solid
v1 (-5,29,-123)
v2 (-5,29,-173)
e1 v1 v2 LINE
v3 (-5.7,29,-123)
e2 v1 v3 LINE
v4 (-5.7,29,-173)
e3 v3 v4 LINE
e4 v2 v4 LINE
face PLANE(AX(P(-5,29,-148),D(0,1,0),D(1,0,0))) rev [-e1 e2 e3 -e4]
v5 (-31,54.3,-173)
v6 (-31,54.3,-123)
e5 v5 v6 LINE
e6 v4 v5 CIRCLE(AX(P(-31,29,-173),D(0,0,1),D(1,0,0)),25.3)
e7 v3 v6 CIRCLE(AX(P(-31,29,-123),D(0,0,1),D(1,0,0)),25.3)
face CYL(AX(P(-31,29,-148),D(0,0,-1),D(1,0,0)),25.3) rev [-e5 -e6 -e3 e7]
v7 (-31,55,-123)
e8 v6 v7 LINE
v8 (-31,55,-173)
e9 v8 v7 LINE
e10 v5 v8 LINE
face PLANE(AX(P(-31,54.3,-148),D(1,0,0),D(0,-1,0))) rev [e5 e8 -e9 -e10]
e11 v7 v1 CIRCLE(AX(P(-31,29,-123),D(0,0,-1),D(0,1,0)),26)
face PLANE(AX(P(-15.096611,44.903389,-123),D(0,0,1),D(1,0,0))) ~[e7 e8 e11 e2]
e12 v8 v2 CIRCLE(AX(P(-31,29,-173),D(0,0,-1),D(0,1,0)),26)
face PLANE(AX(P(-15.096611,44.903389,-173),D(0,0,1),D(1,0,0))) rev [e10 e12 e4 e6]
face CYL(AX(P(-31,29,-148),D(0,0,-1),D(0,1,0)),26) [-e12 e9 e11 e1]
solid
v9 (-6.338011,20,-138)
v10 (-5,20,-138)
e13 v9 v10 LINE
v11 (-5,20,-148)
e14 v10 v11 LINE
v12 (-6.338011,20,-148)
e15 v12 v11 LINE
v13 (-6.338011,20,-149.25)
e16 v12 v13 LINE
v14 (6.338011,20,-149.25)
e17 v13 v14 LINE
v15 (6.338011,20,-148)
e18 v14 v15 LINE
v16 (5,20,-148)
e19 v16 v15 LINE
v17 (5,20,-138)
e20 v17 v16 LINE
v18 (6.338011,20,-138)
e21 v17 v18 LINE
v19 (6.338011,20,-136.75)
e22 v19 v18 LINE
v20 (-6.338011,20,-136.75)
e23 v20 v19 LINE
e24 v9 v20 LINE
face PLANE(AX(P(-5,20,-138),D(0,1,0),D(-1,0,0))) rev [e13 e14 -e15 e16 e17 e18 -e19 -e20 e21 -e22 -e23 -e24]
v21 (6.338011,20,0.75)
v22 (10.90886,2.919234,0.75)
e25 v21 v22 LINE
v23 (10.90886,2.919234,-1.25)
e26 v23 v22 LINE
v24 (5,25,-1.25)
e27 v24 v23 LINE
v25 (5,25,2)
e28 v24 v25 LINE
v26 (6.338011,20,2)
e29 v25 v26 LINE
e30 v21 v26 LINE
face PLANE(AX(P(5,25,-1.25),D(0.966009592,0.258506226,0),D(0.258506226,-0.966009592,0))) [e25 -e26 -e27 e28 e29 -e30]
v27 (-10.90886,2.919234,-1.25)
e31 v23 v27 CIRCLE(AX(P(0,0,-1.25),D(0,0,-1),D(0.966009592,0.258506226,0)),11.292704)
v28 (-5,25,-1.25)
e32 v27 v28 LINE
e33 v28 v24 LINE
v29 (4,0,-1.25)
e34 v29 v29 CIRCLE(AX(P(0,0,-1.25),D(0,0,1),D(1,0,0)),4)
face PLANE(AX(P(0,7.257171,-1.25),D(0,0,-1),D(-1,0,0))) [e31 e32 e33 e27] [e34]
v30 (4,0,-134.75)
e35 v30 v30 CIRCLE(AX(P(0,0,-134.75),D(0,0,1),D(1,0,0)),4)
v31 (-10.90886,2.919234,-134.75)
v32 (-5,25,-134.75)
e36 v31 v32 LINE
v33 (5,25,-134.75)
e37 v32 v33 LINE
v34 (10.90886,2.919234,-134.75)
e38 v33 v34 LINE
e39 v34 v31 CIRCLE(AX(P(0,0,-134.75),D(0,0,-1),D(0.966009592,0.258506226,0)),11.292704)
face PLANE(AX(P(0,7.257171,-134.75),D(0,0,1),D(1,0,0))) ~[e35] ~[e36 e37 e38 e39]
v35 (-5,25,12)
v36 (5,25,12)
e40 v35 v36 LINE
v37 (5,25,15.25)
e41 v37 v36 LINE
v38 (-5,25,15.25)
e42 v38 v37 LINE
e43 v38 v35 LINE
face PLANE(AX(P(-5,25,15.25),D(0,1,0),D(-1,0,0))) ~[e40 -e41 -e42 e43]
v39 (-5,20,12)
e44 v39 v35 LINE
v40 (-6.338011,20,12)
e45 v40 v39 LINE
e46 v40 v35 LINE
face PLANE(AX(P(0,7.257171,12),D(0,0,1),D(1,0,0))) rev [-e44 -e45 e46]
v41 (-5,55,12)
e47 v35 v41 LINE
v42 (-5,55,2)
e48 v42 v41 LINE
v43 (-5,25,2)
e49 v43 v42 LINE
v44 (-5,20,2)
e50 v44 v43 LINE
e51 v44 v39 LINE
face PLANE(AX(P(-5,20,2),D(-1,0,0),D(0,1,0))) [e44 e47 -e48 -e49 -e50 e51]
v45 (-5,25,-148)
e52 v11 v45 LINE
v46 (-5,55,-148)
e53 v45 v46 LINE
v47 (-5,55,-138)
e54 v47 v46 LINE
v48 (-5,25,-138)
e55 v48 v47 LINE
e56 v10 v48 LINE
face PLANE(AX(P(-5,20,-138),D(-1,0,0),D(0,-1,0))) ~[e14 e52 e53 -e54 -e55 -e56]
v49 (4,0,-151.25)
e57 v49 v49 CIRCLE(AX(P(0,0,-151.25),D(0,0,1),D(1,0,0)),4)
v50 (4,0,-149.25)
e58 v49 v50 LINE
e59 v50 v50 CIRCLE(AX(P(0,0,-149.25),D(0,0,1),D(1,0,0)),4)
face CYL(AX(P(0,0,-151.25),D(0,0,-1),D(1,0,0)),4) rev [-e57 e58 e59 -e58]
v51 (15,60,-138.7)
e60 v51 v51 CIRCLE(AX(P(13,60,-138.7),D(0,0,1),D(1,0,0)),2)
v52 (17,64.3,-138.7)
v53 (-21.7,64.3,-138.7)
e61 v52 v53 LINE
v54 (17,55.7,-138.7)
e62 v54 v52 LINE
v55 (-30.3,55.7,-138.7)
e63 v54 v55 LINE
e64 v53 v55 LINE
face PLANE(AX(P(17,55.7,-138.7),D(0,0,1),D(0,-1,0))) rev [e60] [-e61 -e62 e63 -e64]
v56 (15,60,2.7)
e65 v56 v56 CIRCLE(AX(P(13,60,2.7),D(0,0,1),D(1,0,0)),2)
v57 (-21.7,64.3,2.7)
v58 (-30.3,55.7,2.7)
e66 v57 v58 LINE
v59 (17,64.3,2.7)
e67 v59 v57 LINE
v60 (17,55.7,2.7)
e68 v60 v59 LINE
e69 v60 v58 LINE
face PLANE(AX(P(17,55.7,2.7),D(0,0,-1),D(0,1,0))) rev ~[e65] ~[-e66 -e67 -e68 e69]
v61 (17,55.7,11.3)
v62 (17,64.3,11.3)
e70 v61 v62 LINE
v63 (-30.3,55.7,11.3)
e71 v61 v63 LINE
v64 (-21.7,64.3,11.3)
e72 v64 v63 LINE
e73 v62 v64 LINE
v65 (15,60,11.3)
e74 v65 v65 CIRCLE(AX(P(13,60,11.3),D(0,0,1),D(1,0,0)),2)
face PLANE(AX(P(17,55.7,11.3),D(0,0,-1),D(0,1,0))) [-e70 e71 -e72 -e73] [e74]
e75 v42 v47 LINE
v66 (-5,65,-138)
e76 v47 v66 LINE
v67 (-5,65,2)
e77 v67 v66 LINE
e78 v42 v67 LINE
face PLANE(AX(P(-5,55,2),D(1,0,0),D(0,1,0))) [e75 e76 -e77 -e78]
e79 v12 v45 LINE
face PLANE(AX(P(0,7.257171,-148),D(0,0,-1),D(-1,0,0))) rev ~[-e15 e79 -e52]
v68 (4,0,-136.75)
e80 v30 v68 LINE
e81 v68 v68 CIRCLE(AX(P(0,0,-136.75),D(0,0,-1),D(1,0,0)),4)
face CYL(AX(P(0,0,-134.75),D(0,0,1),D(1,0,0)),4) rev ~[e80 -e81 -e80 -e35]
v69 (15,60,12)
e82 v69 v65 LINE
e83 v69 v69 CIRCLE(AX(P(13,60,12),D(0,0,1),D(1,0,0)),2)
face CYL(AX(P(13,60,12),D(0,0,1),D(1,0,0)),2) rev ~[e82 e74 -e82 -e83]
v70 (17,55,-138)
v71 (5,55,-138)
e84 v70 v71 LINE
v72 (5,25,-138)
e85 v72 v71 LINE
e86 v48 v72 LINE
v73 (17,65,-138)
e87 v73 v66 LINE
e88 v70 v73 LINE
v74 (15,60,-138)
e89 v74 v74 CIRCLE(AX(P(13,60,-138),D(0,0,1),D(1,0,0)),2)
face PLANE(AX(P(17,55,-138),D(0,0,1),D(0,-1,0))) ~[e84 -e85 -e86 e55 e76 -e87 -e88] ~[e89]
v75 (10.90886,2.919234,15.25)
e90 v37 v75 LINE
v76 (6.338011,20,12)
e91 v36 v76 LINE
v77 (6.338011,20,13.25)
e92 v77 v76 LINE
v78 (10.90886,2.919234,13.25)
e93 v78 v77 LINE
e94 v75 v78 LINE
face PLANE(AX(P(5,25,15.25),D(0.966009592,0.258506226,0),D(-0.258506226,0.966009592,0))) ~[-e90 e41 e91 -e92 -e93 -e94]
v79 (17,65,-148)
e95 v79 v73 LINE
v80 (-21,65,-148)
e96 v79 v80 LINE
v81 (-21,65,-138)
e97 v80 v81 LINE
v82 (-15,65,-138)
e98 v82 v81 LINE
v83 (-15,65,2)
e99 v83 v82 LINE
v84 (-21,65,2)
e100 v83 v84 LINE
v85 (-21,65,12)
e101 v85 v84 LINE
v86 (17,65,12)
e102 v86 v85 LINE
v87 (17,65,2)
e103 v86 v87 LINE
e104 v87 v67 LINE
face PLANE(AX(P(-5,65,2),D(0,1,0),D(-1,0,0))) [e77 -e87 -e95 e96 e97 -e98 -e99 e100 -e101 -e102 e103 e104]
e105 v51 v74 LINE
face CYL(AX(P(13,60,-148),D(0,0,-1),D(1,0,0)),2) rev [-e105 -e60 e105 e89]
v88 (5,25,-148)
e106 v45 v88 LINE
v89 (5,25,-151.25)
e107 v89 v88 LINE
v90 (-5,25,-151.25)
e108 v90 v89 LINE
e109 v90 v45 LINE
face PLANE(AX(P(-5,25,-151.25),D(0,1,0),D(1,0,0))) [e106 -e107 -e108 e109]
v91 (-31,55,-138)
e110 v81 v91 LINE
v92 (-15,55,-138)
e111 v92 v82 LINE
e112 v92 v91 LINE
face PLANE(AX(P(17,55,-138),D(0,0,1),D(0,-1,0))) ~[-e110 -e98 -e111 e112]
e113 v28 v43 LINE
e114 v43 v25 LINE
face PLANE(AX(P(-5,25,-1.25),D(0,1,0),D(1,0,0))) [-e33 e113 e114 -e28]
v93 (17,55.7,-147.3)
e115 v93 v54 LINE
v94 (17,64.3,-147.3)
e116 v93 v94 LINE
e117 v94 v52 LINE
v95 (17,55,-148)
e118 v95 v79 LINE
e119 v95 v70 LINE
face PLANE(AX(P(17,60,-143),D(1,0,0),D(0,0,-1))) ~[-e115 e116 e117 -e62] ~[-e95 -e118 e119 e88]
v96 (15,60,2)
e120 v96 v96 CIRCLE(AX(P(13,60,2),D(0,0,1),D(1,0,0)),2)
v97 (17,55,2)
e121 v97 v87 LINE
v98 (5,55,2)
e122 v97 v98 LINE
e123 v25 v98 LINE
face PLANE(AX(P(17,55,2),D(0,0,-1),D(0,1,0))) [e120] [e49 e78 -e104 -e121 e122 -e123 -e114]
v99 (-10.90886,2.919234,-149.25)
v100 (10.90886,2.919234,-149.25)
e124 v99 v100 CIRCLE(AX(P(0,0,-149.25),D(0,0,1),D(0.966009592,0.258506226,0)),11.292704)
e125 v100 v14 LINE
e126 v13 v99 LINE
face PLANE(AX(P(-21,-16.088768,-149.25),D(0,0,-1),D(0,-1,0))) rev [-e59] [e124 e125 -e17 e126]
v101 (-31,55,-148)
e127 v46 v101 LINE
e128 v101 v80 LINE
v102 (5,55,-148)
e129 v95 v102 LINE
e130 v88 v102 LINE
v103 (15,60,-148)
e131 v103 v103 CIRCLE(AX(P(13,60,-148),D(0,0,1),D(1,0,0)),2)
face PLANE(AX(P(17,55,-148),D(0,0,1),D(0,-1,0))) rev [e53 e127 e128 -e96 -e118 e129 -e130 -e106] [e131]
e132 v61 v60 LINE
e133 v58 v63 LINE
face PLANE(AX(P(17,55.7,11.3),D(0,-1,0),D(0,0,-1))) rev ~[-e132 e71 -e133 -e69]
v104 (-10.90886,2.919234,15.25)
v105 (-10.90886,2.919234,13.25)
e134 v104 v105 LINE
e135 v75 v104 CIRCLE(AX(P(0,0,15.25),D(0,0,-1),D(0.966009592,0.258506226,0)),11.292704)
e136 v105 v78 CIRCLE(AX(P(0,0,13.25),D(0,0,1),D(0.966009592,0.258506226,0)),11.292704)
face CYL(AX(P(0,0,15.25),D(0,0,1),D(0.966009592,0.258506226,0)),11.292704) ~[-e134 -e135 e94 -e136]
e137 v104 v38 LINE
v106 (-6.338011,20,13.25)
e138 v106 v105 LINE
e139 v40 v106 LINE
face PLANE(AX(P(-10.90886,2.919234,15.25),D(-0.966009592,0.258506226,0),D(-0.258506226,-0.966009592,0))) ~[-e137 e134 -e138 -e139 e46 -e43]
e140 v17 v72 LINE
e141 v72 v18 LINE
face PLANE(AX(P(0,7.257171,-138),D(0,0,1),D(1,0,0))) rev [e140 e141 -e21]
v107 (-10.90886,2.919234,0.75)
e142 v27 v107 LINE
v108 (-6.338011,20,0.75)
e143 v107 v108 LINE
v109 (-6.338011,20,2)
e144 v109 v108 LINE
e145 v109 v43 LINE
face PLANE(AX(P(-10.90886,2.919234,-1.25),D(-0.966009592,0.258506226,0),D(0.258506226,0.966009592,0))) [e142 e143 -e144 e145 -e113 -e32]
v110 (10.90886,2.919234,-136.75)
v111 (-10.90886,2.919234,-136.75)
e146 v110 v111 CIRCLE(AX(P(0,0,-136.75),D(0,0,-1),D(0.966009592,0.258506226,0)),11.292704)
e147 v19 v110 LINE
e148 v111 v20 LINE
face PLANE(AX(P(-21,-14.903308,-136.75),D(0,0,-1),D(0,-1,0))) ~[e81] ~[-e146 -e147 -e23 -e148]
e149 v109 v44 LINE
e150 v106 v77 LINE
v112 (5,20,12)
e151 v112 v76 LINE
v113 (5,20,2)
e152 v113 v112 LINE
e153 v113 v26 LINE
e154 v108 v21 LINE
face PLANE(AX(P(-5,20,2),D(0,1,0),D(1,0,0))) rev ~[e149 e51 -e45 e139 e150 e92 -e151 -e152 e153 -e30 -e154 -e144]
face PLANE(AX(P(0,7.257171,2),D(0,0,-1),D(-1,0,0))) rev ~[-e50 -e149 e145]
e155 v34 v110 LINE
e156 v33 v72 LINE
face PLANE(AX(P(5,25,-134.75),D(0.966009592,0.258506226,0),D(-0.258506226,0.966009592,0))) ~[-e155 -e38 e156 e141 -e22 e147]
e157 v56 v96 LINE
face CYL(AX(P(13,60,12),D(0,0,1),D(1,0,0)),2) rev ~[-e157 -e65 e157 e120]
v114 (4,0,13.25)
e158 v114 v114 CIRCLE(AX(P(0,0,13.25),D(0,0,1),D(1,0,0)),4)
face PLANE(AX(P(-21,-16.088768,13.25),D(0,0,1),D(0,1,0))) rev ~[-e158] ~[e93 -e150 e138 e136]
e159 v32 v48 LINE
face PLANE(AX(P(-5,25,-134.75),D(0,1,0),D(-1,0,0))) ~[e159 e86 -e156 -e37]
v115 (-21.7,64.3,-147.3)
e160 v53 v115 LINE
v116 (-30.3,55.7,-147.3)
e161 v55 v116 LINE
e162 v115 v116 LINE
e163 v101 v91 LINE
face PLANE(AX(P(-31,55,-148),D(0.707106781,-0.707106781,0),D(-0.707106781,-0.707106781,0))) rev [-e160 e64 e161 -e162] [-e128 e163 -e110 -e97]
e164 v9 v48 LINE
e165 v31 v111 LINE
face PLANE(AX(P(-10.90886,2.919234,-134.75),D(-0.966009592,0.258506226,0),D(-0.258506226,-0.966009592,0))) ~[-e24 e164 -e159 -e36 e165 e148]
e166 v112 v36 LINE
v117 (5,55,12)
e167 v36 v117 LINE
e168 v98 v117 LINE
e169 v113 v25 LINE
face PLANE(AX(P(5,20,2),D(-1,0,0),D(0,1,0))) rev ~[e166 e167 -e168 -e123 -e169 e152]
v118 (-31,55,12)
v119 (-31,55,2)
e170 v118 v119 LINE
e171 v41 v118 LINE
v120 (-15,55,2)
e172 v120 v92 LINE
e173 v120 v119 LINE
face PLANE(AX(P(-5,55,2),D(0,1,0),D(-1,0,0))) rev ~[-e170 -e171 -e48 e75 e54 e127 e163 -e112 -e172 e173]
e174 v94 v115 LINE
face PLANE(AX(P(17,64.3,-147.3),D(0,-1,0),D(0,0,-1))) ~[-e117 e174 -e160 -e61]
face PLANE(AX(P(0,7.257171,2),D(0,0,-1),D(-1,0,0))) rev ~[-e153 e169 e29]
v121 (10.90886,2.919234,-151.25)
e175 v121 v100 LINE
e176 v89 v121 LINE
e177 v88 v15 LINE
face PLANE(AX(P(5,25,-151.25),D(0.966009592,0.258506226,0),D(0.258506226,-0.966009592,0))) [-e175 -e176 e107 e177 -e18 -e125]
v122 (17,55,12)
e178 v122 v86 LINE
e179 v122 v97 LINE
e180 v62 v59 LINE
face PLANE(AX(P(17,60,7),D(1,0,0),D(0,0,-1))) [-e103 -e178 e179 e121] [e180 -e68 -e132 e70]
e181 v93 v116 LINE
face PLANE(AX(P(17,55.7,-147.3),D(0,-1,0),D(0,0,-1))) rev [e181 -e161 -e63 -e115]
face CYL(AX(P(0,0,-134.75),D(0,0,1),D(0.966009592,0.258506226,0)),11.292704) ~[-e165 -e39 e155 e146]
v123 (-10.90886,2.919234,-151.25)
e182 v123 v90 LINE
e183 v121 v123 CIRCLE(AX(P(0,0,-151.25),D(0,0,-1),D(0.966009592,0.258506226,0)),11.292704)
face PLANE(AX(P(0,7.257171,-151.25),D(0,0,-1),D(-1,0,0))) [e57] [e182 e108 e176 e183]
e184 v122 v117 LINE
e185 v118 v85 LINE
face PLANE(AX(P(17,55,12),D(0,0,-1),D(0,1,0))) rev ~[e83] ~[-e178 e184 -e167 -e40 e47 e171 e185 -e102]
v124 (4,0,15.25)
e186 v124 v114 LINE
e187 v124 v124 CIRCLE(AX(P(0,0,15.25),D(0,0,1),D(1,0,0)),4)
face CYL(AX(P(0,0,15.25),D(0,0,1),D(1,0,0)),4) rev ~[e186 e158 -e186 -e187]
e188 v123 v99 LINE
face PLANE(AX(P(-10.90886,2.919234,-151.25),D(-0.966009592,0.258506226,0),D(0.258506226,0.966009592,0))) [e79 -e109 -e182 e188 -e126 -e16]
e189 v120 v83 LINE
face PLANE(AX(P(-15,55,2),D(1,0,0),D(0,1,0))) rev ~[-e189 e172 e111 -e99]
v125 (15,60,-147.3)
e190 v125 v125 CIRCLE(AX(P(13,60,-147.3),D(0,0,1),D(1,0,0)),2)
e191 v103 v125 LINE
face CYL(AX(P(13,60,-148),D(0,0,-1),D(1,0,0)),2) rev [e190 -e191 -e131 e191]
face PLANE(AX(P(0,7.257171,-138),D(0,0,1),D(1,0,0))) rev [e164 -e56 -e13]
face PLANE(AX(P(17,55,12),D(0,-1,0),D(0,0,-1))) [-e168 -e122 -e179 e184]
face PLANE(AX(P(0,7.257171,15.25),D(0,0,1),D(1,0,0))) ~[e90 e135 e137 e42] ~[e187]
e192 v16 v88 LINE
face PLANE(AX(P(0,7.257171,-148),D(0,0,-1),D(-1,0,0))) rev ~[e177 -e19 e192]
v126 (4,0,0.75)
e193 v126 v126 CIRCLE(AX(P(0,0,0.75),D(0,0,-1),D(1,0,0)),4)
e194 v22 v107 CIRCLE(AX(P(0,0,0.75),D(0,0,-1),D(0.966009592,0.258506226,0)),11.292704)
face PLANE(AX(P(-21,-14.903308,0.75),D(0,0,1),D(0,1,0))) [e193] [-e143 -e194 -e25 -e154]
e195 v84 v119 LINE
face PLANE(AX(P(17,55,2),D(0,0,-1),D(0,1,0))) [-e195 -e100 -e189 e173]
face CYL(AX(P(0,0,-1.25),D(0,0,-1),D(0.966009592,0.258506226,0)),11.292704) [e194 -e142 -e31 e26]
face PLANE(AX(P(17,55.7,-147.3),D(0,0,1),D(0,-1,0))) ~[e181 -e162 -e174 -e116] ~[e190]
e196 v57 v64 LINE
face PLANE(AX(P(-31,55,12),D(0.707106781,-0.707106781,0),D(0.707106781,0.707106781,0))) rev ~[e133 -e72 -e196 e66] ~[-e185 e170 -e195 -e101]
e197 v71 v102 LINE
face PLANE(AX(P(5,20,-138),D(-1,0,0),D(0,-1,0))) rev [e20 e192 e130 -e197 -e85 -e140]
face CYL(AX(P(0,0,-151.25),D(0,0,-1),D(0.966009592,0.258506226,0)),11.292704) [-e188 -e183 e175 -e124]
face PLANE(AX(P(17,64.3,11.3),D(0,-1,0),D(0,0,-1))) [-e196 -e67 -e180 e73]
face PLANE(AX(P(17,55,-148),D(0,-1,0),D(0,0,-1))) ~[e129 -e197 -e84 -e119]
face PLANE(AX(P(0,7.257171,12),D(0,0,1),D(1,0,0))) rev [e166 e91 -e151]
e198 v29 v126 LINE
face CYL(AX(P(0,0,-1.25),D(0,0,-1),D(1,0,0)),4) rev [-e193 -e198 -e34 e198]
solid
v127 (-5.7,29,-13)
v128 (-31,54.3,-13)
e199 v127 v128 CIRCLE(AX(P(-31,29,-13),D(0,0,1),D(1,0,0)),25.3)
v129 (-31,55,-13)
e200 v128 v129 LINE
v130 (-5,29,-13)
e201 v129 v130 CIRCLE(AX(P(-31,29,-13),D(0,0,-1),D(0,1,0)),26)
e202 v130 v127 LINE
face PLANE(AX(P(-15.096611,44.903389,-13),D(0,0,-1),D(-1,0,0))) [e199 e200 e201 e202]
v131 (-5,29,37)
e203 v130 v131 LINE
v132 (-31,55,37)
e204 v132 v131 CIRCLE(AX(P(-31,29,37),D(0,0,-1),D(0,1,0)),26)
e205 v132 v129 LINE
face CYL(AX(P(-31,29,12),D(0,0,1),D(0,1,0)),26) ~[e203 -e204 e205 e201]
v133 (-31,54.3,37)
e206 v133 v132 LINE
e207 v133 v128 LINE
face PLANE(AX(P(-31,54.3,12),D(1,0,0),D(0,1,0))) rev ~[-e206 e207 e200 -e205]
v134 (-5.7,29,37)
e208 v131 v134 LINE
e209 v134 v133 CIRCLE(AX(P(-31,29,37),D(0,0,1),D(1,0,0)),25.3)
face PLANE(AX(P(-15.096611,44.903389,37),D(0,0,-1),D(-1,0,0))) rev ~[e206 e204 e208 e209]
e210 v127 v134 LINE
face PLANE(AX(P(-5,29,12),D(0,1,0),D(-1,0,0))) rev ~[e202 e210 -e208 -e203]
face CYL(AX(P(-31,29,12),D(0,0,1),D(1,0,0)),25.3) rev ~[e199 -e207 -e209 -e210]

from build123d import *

# Parameters (mm, degrees)
BOSS_EXTRUDE1_DEPTH      = 2
BOSS_EXTRUDE1_DEPTH_BACK = 1.25
SKETCH1_R                = 4
SKETCH2_W                = 10
SKETCH2_H                = 35
BOSS_EXTRUDE2_DEPTH      = 10
SKETCH4_W                = 10
SKETCH4_H                = 10
SKETCH4_W_2              = 8.6
SKETCH4_H_2              = 8.6
BOSS_EXTRUDE3_DEPTH      = 48
SKETCH5_R                = 2
CUT_EXTRUDE1_DEPTH       = 50
BOSS_EXTRUDE4_DEPTH      = 25
CUT_EXTRUDE2_DEPTH       = 50
CUT_EXTRUDE3_DEPTH       = 31
CUT_EXTRUDE3_DEPTH_BACK  = 26
SKETCH14_W               = 1.25
SKETCH14_H               = 34.903307858
SKETCH14_H_2             = 36.088768165
SKETCH15_W               = 10
SKETCH15_H               = 10
BOSS_EXTRUDE7_DEPTH      = 140


with BuildPart() as part:
    # Sketch1 → Boss-Extrude1 (new, two sides: drawn at the far end of the back side and taken through both)
    with BuildSketch(Plane.XY.offset(-BOSS_EXTRUDE1_DEPTH_BACK)):
        with BuildLine():
            Line((-5, 25), (5, 25))
            Line((5, 25), (10.908860009, 2.919234199))
            ThreePointArc((10.908860009, 2.919234199), (0, -11.292703618), (-10.908860009, 2.919234199))
            Line((-10.908860009, 2.919234199), (-5, 25))
        make_face()
        Circle(SKETCH1_R, mode=Mode.SUBTRACT)
    extrude(amount=BOSS_EXTRUDE1_DEPTH + BOSS_EXTRUDE1_DEPTH_BACK)

    # Sketch2 → Boss-Extrude2 (add)
    with BuildSketch(Plane.XY.offset(2)):
        with Locations((0, 37.5)):
            Rectangle(SKETCH2_W, SKETCH2_H)
    extrude(amount=BOSS_EXTRUDE2_DEPTH)

    # Mirror1: part across plane


with BuildPart() as part_1:
    add(part.part)
    add(part.part.mirror(Plane.XY.offset(7)))

    # Sketch4 → Boss-Extrude3 (add)
    with BuildSketch(Plane(origin=(17, 0, 0), x_dir=(0, 0, -1), z_dir=(1, 0, 0))):
        with Locations((-7, 60)):
            Rectangle(SKETCH4_W, SKETCH4_H)
        with Locations((-7, 60)):
            Rectangle(SKETCH4_W_2, SKETCH4_H_2, mode=Mode.SUBTRACT)
    extrude(amount=-BOSS_EXTRUDE3_DEPTH)

    # Sketch5 → Cut-Extrude1 (cut)
    with BuildSketch(Plane.XY.offset(12)):
        with Locations((13, 60)):
            Circle(SKETCH5_R)
    extrude(amount=-CUT_EXTRUDE1_DEPTH, mode=Mode.SUBTRACT)

    # Sketch10 → Cut-Extrude2 (cut)
    with BuildSketch(Plane.XY.offset(12)):
        Polygon((-31, 65), (-31, 55), (-21, 65), align=None)
    extrude(amount=-CUT_EXTRUDE2_DEPTH, mode=Mode.SUBTRACT)

    # Sketch14 → Cut-Extrude3 (cut, two sides: drawn at the far end of the back side and taken through both)
    with BuildSketch(Plane(origin=(5, 0, 0), x_dir=(0, 0, -1), z_dir=(1, 0, 0)).offset(-CUT_EXTRUDE3_DEPTH_BACK)):
        with Locations((-1.375, 2.548346071)):
            Rectangle(SKETCH14_W, SKETCH14_H)
        with Locations((-12.625, 1.955615917)):
            Rectangle(SKETCH14_W, SKETCH14_H_2)
    extrude(amount=CUT_EXTRUDE3_DEPTH + CUT_EXTRUDE3_DEPTH_BACK, mode=Mode.SUBTRACT)


with BuildPart() as body_2:
    # Sketch9 → Boss-Extrude4 (new, symmetric)
    with BuildSketch(Plane.XY.offset(12)):
        with BuildLine():
            ThreePointArc((-5.7, 29), (-13.110198436, 46.889801564), (-31, 54.3))
            Line((-31, 54.3), (-31, 55))
            ThreePointArc((-31, 55), (-12.615223689, 47.384776311), (-5, 29))
            Line((-5, 29), (-5.7, 29))
        make_face()
    extrude(amount=BOSS_EXTRUDE4_DEPTH, both=True)


with BuildPart() as body_3:
    # Mirror2: mirrored copy
    add(part_1.part.mirror(Plane(origin=(0, 0, -68), x_dir=(1, 0, 0), z_dir=(0, 0, -1))))


with BuildPart() as body_4:
    # Mirror2 2: mirrored copy
    add(body_2.part.mirror(Plane(origin=(0, 0, -68), x_dir=(1, 0, 0), z_dir=(0, 0, -1))))


with BuildPart() as part_2:
    add(part_1.part)

    add(body_3.part)  # Boss-Extrude7 merges body 3
    # Sketch15 → Boss-Extrude7 (add)
    with BuildSketch(Plane(origin=(0, 0, 2), x_dir=(-1, 0, 0), z_dir=(0, 0, -1))):
        with Locations((10, 60)):
            Rectangle(SKETCH15_W, SKETCH15_H)
    extrude(amount=BOSS_EXTRUDE7_DEPTH)


solid = Compound([body_2.part, body_4.part, part_2.part])
